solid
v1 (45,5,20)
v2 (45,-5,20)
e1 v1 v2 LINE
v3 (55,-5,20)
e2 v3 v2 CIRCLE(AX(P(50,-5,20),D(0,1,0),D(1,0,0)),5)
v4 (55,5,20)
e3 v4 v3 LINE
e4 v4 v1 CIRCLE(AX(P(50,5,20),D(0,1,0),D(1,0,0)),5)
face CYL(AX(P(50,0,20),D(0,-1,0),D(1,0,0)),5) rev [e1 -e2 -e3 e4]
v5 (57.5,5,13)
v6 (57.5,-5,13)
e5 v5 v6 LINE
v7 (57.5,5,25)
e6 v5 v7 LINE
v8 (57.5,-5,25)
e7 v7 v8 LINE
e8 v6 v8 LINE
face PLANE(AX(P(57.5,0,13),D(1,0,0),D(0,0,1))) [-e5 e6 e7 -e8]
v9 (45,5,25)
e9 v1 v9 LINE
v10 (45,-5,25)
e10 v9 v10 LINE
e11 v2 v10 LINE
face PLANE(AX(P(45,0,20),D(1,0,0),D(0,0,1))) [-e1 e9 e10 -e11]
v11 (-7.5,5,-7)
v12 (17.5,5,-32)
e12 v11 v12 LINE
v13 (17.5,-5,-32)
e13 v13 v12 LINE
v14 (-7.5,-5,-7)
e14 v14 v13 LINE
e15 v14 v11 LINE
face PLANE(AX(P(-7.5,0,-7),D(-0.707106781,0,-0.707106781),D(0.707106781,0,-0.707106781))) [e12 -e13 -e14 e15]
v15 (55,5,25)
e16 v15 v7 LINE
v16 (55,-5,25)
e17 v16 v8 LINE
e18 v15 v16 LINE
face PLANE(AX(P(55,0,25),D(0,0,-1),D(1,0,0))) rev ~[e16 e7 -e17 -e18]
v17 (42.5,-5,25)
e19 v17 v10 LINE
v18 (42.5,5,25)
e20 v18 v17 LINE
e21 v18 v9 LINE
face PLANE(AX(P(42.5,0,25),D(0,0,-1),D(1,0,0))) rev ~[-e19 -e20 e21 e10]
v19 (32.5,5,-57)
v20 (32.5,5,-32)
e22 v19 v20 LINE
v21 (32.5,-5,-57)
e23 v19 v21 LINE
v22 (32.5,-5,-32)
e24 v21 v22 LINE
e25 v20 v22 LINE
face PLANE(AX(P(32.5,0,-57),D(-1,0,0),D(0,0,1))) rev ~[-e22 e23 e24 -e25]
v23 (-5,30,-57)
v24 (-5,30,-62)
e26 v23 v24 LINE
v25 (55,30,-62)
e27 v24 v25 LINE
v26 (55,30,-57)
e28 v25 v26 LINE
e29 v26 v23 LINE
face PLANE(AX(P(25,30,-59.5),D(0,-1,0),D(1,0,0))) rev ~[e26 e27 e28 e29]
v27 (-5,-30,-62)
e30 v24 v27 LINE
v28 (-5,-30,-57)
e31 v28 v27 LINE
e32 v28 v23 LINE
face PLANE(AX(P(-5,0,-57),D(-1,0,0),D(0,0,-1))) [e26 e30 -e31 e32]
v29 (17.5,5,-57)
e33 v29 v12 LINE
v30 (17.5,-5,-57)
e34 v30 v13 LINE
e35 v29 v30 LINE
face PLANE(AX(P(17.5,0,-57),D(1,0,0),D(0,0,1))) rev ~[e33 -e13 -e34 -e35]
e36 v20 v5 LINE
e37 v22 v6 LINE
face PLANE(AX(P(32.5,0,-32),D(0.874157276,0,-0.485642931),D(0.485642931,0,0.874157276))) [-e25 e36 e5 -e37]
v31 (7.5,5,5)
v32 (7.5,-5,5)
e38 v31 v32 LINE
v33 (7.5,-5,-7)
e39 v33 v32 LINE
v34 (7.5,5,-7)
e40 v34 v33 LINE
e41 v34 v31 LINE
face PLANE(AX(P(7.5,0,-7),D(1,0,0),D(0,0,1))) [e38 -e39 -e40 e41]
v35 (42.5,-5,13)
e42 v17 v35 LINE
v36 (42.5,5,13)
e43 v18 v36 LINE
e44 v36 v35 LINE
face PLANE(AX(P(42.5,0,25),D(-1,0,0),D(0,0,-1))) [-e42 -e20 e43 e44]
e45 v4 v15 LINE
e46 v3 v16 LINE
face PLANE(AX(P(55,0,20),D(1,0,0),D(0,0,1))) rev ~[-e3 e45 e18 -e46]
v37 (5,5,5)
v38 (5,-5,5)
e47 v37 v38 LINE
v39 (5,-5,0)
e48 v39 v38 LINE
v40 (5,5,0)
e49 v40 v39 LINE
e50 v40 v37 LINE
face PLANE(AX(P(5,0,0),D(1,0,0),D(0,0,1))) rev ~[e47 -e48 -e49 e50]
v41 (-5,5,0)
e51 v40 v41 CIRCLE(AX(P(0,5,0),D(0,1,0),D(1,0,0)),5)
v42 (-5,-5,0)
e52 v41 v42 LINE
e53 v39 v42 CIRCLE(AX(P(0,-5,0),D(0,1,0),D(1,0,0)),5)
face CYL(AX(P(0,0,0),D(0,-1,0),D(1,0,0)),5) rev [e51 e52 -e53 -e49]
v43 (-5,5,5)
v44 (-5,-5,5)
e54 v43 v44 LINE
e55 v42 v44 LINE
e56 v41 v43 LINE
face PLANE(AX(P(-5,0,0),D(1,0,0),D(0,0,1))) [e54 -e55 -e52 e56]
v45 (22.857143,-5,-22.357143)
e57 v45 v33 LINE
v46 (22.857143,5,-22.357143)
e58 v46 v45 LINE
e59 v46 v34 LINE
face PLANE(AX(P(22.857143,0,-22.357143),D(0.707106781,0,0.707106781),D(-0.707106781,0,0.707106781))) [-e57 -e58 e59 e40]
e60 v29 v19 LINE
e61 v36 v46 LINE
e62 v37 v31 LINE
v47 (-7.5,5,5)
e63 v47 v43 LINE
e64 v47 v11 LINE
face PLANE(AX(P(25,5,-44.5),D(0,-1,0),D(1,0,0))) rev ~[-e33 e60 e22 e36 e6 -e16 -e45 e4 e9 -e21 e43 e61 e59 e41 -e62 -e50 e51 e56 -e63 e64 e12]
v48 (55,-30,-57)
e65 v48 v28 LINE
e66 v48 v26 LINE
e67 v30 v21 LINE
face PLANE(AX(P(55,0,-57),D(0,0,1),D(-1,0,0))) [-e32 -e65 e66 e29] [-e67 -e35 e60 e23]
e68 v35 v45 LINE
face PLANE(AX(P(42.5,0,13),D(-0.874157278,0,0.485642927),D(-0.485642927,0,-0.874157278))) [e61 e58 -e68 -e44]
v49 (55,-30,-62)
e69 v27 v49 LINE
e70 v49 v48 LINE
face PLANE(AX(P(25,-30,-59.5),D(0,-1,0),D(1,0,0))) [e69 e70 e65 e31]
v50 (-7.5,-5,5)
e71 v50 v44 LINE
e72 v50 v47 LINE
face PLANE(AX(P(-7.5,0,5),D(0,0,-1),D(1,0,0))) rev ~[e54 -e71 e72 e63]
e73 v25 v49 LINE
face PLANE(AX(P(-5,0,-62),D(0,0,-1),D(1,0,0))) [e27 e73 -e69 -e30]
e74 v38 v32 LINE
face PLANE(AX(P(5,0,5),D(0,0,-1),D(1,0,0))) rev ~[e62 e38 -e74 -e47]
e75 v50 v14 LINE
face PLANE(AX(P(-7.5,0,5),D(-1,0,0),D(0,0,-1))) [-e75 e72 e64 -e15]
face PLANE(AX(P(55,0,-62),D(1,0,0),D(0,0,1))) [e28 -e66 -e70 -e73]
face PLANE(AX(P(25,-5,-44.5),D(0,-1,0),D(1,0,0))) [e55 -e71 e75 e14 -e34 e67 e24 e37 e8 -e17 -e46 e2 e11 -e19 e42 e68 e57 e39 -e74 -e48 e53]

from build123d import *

# Parameters (mm, degrees)
F1_DEPTH      = 30
F1_DEPTH_BACK = 30
F0_W          = 15
F0_H          = 25
F0_W_2        = 2.5
F0_H_2        = 7
F0_H_3        = 5
F2_DEPTH      = 5
F2_DEPTH_BACK = 5


with BuildPart() as f1:
    # F0 (on Front) → F1 (new body, two sides)
    with BuildSketch(Plane.XZ) as f1_sk:
        Polygon((32.5, -57), (17.5, -57), (-5, -57), (-5, -62), (55, -62), (55, -57), align=None)
    extrude(amount=F1_DEPTH)
    extrude(f1_sk.sketch, amount=-F1_DEPTH_BACK)

    # F0 (on Front) → F2 (join, two sides)
    with BuildSketch(Plane.XZ) as f2_sk:
        with Locations((25, -44.5)):
            Rectangle(F0_W, F0_H)
        Polygon((22.857143, -22.357143), (17.5, -32), (32.5, -32), align=None)
        Polygon((42.5, 13), (22.857143, -22.357143), (32.5, -32), (57.5, 13), (55, 13), (45, 13), align=None)
        Polygon((5, -7), (-5, -7), (-7.5, -7), (17.5, -32), (22.857143, -22.357143), (7.5, -7), align=None)
        with Locations((56.25, 16.5)):
            Rectangle(F0_W_2, F0_H_2)
        with BuildLine():
            Line((45, 20), (45, 13))
            Line((45, 13), (55, 13))
            Line((55, 13), (55, 20))
            ThreePointArc((55, 20), (50, 15), (45, 20))
        make_face()
        with Locations((43.75, 16.5)):
            Rectangle(F0_W_2, F0_H_2)
        with Locations((6.25, -3.5)):
            Rectangle(F0_W_2, F0_H_2)
        with BuildLine():
            ThreePointArc((5, 0), (0, -5), (-5, 0))
            Line((-5, 0), (-5, -7))
            Line((-5, -7), (5, -7))
            Line((5, -7), (5, 0))
        make_face()
        with Locations((-6.25, -3.5)):
            Rectangle(F0_W_2, F0_H_2)
        with Locations((43.75, 22.5)):
            Rectangle(F0_W_2, F0_H_3)
        with Locations((56.25, 22.5)):
            Rectangle(F0_W_2, F0_H_3)
        with Locations((6.25, 2.5)):
            Rectangle(F0_W_2, F0_H_3)
        with Locations((-6.25, 2.5)):
            Rectangle(F0_W_2, F0_H_3)
    extrude(amount=F2_DEPTH)
    extrude(f2_sk.sketch, amount=-F2_DEPTH_BACK)


solid = f1.part
